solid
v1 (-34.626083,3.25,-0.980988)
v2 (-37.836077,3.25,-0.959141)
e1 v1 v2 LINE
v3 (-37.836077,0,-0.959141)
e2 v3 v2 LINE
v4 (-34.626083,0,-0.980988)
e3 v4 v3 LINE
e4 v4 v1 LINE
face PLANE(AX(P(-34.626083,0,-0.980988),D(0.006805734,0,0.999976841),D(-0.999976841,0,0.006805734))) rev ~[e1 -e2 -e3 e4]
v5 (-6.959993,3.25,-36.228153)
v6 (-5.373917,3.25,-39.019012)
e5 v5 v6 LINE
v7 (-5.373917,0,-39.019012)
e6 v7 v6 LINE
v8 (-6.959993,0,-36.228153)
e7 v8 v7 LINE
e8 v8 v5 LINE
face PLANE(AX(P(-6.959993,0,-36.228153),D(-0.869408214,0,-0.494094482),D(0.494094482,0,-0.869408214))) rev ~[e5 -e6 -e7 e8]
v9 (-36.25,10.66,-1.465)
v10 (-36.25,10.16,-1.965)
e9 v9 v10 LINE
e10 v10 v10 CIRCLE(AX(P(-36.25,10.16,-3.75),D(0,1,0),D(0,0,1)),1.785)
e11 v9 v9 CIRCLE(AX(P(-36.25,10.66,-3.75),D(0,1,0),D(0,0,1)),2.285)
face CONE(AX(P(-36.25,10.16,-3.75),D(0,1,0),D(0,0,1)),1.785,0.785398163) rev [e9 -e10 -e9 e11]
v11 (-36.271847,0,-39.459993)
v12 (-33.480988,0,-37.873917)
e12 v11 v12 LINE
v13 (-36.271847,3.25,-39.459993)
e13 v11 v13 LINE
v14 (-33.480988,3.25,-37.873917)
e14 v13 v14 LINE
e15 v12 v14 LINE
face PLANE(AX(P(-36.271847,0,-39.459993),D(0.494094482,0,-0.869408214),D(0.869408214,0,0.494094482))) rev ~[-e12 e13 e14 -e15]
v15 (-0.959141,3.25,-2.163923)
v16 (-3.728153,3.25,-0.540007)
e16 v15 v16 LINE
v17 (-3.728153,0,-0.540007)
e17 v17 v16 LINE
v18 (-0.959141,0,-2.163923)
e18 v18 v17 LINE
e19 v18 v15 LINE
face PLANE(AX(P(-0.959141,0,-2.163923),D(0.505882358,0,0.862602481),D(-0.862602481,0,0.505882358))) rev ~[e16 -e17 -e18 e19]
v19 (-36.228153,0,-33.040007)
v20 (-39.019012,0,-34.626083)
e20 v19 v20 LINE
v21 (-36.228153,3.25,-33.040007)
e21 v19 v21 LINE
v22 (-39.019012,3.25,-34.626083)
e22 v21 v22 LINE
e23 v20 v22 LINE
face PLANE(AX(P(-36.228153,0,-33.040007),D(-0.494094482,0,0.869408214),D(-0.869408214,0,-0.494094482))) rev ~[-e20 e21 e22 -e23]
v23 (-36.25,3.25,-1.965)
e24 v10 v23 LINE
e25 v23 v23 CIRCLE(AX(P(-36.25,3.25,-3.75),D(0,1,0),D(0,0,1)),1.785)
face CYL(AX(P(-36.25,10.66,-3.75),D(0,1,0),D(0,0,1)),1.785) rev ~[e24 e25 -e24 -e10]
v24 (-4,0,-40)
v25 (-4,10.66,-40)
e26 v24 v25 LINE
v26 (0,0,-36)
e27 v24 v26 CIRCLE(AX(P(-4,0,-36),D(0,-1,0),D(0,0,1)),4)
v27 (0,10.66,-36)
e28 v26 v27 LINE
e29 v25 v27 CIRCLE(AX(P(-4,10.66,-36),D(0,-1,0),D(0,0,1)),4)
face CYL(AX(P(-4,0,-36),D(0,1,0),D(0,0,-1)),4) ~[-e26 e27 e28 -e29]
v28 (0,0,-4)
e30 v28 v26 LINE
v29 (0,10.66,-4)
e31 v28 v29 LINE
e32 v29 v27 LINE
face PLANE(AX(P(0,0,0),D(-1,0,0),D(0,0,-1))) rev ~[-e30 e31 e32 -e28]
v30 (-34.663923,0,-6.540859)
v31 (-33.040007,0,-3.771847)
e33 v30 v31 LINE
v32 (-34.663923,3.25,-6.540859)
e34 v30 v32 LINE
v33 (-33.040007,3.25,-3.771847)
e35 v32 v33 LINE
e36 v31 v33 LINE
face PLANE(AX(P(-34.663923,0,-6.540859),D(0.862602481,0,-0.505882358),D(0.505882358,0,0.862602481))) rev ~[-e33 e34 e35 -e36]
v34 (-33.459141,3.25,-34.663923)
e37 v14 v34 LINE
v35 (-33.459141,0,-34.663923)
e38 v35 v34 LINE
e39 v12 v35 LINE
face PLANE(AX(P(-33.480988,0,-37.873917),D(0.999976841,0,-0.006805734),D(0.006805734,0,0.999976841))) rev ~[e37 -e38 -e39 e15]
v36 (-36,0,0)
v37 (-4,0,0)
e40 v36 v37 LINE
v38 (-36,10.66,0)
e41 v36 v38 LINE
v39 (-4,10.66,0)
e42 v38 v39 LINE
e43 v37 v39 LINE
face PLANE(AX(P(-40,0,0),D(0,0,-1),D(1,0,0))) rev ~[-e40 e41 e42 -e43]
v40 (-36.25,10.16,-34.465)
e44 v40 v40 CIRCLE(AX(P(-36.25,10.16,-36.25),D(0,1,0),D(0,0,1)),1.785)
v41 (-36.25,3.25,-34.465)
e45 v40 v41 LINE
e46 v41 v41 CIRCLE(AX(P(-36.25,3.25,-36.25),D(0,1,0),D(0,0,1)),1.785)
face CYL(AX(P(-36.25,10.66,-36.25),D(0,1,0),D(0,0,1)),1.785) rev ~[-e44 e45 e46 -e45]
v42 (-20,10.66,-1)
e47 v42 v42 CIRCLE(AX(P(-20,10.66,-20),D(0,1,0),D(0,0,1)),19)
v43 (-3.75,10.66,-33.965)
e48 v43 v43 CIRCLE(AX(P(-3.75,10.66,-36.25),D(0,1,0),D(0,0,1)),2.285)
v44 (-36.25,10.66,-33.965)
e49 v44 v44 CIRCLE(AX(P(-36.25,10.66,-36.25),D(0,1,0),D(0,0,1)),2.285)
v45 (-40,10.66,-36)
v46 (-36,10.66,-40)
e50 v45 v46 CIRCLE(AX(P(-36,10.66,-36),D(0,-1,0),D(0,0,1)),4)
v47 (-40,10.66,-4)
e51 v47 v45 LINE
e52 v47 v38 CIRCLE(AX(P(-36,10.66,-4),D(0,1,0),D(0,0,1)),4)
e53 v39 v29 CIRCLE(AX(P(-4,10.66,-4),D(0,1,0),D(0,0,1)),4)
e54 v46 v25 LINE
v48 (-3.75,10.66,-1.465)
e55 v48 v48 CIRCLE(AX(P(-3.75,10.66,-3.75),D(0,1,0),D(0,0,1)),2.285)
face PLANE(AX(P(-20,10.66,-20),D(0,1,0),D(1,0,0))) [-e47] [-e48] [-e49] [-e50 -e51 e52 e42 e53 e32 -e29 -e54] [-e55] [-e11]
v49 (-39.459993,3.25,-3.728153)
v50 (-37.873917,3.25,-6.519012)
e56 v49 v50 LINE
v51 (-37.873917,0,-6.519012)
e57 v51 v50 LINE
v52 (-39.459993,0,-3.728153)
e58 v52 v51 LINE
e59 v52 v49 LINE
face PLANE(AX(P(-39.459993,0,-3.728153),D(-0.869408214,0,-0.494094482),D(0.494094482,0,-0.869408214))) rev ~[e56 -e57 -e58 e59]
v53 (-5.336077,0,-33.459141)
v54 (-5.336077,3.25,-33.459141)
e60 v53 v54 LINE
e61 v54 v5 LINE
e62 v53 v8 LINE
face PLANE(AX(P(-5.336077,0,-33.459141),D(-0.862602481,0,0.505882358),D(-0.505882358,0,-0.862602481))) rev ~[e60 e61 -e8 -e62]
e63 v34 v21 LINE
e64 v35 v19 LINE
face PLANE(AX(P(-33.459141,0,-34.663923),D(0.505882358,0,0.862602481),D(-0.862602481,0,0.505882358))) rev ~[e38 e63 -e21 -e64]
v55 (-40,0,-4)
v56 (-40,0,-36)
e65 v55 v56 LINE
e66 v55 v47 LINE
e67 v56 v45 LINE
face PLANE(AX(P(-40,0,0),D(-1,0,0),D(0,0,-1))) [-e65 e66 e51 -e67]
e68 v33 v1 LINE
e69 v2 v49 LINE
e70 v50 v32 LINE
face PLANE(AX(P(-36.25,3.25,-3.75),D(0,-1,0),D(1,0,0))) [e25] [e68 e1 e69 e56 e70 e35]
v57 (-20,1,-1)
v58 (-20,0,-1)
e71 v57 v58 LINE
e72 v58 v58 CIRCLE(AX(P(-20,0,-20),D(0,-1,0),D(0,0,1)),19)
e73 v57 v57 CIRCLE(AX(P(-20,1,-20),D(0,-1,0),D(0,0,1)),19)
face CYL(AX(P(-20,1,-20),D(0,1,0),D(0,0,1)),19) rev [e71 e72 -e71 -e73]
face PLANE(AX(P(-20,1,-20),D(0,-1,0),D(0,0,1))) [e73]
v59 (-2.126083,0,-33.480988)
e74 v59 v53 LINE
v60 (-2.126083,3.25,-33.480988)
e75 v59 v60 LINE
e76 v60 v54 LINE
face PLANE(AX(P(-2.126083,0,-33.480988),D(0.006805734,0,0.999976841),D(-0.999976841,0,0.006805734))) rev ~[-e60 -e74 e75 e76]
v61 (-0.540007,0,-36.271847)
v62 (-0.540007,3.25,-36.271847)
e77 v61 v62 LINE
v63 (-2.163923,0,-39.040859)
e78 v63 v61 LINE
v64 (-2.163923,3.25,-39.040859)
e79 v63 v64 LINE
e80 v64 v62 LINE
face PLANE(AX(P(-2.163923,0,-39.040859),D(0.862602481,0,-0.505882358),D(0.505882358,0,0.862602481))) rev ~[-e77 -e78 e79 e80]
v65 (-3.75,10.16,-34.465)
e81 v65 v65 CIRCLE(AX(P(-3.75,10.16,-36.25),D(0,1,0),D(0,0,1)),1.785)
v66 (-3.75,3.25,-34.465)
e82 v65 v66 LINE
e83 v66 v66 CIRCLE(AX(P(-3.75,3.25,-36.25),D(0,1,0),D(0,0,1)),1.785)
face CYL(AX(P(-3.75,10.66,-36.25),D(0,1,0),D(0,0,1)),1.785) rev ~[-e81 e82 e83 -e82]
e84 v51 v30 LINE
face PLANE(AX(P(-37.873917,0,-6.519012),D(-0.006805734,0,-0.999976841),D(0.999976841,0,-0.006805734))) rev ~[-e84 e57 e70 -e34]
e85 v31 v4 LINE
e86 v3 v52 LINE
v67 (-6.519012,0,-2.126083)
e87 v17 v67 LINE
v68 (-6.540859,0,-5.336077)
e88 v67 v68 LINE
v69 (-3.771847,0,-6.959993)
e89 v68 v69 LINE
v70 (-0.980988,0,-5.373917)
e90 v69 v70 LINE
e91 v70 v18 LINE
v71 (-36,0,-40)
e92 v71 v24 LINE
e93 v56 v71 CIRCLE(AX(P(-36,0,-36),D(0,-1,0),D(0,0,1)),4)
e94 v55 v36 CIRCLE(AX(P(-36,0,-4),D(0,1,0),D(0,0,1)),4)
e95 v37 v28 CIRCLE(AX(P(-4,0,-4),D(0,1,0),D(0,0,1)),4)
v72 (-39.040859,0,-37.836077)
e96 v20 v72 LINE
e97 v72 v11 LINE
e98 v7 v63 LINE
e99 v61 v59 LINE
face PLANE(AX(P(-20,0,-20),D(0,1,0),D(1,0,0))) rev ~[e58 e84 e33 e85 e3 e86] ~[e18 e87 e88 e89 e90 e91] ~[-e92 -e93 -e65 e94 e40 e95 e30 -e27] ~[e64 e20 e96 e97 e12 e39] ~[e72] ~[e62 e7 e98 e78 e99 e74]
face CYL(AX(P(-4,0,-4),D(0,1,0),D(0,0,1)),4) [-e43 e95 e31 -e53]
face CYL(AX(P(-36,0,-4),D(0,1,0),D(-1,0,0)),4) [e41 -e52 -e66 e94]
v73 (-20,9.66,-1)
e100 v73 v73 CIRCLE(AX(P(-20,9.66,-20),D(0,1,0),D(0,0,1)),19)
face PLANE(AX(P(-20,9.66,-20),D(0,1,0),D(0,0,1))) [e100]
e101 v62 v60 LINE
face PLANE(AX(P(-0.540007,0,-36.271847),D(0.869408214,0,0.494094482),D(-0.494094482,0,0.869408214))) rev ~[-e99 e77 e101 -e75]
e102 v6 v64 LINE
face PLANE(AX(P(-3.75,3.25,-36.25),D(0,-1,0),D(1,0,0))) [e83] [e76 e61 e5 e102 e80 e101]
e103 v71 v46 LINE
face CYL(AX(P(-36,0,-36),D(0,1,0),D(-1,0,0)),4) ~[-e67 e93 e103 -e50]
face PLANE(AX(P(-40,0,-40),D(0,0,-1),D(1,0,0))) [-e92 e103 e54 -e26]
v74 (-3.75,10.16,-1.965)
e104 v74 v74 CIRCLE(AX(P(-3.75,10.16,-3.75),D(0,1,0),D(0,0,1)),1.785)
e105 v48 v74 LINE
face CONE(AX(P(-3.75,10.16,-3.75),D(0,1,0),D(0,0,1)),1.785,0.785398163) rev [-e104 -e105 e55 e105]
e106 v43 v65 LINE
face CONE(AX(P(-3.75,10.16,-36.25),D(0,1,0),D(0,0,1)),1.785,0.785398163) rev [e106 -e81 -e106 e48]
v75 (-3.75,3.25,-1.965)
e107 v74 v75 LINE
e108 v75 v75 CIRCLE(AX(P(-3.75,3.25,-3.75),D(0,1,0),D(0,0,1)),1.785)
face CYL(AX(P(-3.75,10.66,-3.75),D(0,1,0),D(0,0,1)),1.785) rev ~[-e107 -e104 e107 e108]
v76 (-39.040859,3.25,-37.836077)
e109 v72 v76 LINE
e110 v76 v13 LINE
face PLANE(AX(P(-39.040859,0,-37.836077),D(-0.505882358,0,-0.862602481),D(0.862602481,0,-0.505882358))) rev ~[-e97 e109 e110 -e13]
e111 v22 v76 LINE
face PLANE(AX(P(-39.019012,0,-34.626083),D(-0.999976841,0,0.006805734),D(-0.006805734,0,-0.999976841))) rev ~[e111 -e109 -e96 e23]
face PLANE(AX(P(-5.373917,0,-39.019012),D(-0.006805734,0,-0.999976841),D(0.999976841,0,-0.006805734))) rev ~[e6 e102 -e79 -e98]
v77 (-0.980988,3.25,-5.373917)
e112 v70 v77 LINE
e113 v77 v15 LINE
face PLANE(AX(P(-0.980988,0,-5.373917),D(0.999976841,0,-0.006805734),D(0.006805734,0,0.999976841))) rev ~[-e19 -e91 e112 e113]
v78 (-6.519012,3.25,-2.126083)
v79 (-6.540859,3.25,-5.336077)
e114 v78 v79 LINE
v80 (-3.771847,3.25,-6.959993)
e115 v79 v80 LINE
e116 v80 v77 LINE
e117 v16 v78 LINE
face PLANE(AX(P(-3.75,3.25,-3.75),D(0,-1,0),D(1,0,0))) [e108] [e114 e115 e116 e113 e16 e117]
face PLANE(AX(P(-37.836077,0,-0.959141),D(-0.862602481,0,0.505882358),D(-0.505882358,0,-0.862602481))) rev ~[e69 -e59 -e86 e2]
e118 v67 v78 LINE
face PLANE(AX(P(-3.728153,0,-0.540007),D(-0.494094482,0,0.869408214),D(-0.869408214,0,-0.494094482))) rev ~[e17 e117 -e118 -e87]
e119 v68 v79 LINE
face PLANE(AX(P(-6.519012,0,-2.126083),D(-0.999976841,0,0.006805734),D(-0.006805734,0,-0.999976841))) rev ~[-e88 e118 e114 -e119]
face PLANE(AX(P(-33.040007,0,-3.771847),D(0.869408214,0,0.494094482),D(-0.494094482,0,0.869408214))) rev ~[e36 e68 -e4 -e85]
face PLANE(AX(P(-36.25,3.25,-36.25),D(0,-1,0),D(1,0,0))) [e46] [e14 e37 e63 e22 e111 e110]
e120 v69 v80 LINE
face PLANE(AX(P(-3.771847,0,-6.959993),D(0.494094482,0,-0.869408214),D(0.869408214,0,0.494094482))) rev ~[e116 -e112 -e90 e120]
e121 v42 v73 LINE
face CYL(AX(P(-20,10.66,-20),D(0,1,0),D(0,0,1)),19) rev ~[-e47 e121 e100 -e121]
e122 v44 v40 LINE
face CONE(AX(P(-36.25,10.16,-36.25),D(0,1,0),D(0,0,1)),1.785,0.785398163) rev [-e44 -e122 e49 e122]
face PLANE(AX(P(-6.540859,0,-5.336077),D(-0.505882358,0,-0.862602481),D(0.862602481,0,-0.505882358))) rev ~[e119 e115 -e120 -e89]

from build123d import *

# Parameters (mm, degrees)
SKETCH1_W           = 40
SKETCH1_H           = 40
BOSS_EXTRUDE1_DEPTH = 10.66
SKETCH2_R           = 19
CUT_EXTRUDE1_DEPTH  = 1
CUT_EXTRUDE2_START  = -1
SKETCH3_R           = 19
CUT_EXTRUDE2_DEPTH  = 1
SKETCH4_R           = 1.785
CUT_EXTRUDE3_DEPTH  = 58.564186783
CUT_EXTRUDE4_DEPTH  = 3.25
CHAMFER1_SIZE       = 0.5
FILLET1_R           = 4


with BuildPart() as part:
    # Sketch1 → Boss-Extrude1 (new body)
    with BuildSketch(Plane(origin=(0, 0, 0), x_dir=(1, 0, 0), z_dir=(0, 1, 0))):
        with Locations((-20, 20)):
            Rectangle(SKETCH1_W, SKETCH1_H)
    extrude(amount=BOSS_EXTRUDE1_DEPTH)

    # Sketch2 → Cut-Extrude1 (cut)
    with BuildSketch(Plane(origin=(0, 10.66, 0), x_dir=(1, 0, 0), z_dir=(0, 1, 0))):
        with Locations(Location((-20, 20, 0), (0, 0, 270))):
            Circle(SKETCH2_R)
    extrude(amount=-CUT_EXTRUDE1_DEPTH, mode=Mode.SUBTRACT)

    # Sketch3 → Cut-Extrude2 (cut)
    with BuildSketch(Plane.XZ.offset(CUT_EXTRUDE2_START)):
        with Locations(Location((-20, -20, 0), (0, 0, 90))):
            Circle(SKETCH3_R)
    extrude(amount=CUT_EXTRUDE2_DEPTH, mode=Mode.SUBTRACT)

    # Sketch4 → Cut-Extrude3 (cut, through all)
    with BuildSketch(Plane(origin=(0, 10.66, 0), x_dir=(1, 0, 0), z_dir=(0, 1, 0))):
        with Locations(Location((-36.25, 36.25, 0), (0, 0, 270))):
            Circle(SKETCH4_R)
        with Locations(Location((-3.75, 36.25, 0), (0, 0, 270))):
            Circle(SKETCH4_R)
        with Locations(Location((-3.75, 3.75, 0), (0, 0, 270))):
            Circle(SKETCH4_R)
        with Locations(Location((-36.25, 3.75, 0), (0, 0, 270))):
            Circle(SKETCH4_R)
    extrude(amount=-CUT_EXTRUDE3_DEPTH, mode=Mode.SUBTRACT)

    # Sketch5 → Cut-Extrude4 (cut)
    with BuildSketch(Plane.XZ):
        Polygon((-39.019012185, -34.626083484), (-39.040859049, -37.836076638), (-36.271846864, -39.459993154), (-33.480987815, -37.873916516), (-33.459140951, -34.663923362), (-36.228153136, -33.040006846), align=None)
        Polygon((-34.626083484, -0.980987815), (-37.836076638, -0.959140951), (-39.459993154, -3.728153136), (-37.873916516, -6.519012185), (-34.663923362, -6.540859049), (-33.040006846, -3.771846864), align=None)
        Polygon((-5.373916516, -39.019012185), (-2.163923362, -39.040859049), (-0.540006846, -36.271846864), (-2.126083484, -33.480987815), (-5.336076638, -33.459140951), (-6.959993154, -36.228153136), align=None)
        Polygon((-0.980987815, -5.373916516), (-0.959140951, -2.163923362), (-3.728153136, -0.540006846), (-6.519012185, -2.126083484), (-6.540859049, -5.336076638), (-3.771846864, -6.959993154), align=None)
    extrude(amount=-CUT_EXTRUDE4_DEPTH, mode=Mode.SUBTRACT)

    # Chamfer1
    chamfer1_edges = [part.edges().sort_by_distance(p)[0] for p in [
        (-36.25, 10.66, -5.535),
        (-3.75, 10.66, -5.535),
        (-3.75, 10.66, -38.035),
        (-36.25, 10.66, -38.035),
    ]]
    chamfer(chamfer1_edges, length=CHAMFER1_SIZE)

    # Fillet1
    fillet1_edges = [part.edges().sort_by_distance(p)[0] for p in [
        (0, 5.33, 0),
        (-40, 5.33, 0),
        (-40, 5.33, -40),
        (0, 5.33, -40),
    ]]
    fillet(fillet1_edges, radius=FILLET1_R)


solid = part.part
